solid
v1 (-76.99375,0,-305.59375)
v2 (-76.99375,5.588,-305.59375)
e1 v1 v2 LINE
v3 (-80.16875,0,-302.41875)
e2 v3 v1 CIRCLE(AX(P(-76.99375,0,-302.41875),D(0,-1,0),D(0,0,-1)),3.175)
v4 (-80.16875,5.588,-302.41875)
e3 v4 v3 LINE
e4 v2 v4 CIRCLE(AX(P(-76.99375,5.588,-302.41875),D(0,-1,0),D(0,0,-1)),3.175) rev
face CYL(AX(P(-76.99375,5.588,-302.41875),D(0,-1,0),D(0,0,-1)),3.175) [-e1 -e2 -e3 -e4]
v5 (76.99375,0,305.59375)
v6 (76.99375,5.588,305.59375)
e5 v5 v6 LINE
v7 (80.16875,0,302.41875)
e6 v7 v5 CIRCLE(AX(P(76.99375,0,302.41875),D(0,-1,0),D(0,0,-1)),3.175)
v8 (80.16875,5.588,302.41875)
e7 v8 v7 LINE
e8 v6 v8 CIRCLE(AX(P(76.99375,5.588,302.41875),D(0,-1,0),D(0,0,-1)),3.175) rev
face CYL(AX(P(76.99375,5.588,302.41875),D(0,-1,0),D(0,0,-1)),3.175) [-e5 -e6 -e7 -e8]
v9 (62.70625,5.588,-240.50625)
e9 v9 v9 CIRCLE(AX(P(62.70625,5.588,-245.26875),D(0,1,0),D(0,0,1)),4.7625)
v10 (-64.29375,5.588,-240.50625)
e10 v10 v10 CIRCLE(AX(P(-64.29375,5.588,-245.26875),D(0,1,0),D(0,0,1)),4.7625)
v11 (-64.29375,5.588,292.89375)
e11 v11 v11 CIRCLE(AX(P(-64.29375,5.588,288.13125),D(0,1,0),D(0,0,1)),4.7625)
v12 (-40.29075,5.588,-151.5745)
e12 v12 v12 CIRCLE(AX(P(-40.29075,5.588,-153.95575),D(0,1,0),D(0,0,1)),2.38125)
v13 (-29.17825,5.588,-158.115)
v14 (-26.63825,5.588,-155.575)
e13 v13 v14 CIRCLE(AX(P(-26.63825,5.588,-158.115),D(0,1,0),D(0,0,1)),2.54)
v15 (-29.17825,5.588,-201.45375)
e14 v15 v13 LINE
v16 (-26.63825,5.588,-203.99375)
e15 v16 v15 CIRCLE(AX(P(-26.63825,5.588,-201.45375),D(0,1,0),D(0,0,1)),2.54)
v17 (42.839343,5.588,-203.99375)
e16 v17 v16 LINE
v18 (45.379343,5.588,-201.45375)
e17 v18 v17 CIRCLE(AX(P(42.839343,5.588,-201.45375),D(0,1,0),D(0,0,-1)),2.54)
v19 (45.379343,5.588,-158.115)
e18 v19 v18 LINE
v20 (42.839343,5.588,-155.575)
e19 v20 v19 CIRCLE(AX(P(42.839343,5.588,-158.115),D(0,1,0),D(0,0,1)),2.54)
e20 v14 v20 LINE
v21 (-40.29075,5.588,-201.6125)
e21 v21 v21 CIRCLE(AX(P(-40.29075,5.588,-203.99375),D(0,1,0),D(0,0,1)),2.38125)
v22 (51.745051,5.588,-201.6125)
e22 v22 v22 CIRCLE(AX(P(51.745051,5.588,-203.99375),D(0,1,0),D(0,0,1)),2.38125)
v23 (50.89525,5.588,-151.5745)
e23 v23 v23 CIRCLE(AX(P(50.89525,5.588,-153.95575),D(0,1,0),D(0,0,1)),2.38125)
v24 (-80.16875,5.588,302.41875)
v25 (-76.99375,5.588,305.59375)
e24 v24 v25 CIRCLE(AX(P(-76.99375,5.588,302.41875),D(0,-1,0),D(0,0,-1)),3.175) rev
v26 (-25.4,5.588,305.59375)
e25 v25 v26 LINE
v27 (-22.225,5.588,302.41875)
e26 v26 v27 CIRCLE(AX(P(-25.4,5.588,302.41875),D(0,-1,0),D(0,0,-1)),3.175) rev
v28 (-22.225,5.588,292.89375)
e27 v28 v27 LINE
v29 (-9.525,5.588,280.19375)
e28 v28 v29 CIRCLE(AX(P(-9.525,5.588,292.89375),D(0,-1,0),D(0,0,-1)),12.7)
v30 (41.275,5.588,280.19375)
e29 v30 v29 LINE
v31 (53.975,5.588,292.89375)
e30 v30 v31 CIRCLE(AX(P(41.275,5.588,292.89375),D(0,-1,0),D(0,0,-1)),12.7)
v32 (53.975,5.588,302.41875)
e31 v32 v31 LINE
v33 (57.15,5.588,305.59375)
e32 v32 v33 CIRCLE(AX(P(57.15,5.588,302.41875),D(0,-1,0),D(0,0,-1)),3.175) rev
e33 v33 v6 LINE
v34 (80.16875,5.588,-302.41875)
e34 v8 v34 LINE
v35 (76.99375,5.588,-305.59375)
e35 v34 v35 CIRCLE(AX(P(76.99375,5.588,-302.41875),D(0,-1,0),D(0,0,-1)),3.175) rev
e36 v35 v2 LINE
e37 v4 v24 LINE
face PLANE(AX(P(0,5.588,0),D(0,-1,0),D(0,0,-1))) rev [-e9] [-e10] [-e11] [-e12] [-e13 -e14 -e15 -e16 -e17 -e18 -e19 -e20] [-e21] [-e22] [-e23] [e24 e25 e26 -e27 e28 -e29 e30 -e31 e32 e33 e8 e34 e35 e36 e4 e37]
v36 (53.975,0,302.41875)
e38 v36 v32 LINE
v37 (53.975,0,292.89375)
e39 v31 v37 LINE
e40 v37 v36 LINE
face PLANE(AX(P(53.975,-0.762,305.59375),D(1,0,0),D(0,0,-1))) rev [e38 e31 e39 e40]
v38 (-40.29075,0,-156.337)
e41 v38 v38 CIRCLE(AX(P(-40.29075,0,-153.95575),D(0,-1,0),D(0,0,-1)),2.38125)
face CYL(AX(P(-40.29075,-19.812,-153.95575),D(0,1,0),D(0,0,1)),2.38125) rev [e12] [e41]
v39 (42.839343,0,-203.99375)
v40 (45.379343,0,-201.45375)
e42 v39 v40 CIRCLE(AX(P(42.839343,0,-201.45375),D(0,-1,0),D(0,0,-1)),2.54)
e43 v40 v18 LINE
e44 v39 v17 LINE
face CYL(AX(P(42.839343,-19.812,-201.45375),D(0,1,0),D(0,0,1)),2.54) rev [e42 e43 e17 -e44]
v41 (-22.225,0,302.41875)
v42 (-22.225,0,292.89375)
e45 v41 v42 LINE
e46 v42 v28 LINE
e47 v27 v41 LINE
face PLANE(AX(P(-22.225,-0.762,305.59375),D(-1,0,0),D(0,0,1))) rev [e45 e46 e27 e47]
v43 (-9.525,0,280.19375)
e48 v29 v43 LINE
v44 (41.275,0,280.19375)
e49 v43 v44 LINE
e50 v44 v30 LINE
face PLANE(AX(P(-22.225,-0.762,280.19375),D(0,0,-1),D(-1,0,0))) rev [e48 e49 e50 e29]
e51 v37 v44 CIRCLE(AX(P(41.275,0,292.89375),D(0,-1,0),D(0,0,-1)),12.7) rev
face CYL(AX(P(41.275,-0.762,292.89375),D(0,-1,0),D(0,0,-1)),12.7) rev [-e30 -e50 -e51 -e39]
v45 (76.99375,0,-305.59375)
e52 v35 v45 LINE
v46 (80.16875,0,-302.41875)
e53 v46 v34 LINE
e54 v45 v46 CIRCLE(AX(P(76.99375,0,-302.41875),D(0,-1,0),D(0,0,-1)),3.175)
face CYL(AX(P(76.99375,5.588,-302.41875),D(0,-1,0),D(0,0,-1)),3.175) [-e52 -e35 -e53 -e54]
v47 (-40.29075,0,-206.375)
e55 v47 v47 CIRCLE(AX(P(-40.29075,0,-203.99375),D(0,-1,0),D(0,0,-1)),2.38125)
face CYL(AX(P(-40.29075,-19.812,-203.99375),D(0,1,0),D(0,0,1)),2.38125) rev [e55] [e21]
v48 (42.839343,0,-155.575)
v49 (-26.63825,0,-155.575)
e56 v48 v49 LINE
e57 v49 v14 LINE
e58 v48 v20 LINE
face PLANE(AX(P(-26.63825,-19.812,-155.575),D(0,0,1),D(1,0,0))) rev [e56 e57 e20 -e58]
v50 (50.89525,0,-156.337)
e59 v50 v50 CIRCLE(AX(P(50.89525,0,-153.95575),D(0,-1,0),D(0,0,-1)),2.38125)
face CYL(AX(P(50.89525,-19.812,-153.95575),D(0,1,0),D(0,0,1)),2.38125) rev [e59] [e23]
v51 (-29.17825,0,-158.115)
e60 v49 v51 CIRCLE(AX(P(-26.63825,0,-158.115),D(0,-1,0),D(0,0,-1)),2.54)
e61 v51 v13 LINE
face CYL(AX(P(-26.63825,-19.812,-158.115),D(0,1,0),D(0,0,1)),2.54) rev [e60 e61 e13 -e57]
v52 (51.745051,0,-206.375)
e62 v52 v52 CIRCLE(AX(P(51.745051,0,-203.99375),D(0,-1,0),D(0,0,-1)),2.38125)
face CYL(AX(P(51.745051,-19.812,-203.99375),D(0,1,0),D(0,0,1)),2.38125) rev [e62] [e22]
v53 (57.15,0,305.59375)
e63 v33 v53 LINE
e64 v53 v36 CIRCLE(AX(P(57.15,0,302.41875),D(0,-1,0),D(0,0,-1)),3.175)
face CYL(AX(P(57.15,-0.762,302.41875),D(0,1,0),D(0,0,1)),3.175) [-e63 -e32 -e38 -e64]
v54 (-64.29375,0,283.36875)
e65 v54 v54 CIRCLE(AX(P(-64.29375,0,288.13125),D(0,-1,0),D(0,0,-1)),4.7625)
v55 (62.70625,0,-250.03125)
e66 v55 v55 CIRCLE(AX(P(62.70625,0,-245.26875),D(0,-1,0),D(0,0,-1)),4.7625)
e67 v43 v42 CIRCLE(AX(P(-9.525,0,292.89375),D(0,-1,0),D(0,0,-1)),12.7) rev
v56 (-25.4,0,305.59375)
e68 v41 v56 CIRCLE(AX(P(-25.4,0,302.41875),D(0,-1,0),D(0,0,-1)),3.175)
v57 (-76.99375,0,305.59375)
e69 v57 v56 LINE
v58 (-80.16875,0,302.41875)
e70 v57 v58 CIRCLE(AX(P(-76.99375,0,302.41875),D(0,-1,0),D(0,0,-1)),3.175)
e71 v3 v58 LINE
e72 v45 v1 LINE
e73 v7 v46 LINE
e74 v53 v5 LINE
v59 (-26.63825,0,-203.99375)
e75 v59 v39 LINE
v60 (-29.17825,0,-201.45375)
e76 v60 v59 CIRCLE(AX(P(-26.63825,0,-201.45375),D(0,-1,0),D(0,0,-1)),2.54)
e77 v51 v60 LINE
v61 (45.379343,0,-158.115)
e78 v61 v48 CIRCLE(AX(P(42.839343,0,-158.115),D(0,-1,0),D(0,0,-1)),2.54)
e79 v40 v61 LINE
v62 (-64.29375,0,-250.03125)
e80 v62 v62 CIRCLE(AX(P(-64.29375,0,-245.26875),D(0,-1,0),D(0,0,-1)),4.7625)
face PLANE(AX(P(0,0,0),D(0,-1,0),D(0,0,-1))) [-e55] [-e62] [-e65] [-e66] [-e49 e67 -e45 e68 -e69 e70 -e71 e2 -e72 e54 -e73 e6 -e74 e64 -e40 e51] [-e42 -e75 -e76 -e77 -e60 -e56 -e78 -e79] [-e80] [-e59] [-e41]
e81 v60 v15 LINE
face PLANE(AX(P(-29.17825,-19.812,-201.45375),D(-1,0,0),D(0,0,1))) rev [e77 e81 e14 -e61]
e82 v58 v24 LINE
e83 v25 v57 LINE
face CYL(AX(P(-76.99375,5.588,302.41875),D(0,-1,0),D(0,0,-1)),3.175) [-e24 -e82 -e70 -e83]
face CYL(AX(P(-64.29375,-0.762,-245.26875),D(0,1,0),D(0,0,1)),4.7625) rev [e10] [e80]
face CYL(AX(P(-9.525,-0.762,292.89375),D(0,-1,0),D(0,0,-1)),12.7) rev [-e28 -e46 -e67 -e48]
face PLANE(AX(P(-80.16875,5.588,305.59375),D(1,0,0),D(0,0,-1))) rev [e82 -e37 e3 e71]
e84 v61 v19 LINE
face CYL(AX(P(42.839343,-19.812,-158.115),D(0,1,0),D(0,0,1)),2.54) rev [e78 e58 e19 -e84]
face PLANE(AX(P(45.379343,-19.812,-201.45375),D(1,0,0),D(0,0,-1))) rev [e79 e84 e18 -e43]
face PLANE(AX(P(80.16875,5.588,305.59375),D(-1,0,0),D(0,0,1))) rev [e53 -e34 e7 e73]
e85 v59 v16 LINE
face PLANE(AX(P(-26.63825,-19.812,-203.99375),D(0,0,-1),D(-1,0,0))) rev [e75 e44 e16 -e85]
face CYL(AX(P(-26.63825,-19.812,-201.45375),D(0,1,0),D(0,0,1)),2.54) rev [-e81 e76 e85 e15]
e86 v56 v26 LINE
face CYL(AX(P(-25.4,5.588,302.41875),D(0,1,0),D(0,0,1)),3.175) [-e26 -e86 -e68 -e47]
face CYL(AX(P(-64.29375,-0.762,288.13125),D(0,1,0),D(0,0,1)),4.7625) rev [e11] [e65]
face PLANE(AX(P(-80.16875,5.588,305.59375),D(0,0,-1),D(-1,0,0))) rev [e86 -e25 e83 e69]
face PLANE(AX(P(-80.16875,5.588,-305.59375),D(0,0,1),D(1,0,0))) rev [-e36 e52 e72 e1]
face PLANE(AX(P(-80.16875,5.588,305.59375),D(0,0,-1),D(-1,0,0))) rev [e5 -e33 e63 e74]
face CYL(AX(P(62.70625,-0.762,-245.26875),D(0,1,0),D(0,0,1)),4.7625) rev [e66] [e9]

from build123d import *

# Parameters (mm, degrees)
SKETCH1_W           = 160.3375
SKETCH1_H           = 611.1875
BOSS_EXTRUDE1_DEPTH = 5.588
FILLET1_R           = 3.175
SKETCH2_R           = 4.7625
CUT_EXTRUDE1_DEPTH  = 6.35
SKETCH3_W           = 76.2
SKETCH3_H           = 25.4
CUT_EXTRUDE2_DEPTH  = 6.35
FILLET2_R           = 3.175
FILLET3_R           = 12.7
SKETCH4_R           = 2.38125
CUT_EXTRUDE3_DEPTH  = 25.4


with BuildPart() as part:
    # Sketch1 → Boss-Extrude1 (new body)
    with BuildSketch(Plane(origin=(0, 0, 0), x_dir=(1, 0, 0), z_dir=(0, 1, 0))):
        Rectangle(SKETCH1_W, SKETCH1_H)
    extrude(amount=BOSS_EXTRUDE1_DEPTH)

    # Fillet1
    fillet1_edges = [part.edges().sort_by_distance(p)[0] for p in [
        (80.16875, 2.794, 305.59375),
        (-80.16875, 2.794, 305.59375),
        (-80.16875, 2.794, -305.59375),
        (80.16875, 2.794, -305.59375),
    ]]
    fillet(fillet1_edges, radius=FILLET1_R)

    # Sketch2 → Cut-Extrude1 (cut)
    with BuildSketch(Plane(origin=(0, 5.588, 0), x_dir=(1, 0, 0), z_dir=(0, 1, 0))):
        with Locations(Location((62.70625, 245.26875, 0), (0, 0, 270))):
            Circle(SKETCH2_R)
        with Locations(Location((-64.29375, 245.26875, 0), (0, 0, 270))):
            Circle(SKETCH2_R)
        with Locations(Location((-64.29375, -288.13125, 0), (0, 0, 270))):
            Circle(SKETCH2_R)
    extrude(amount=-CUT_EXTRUDE1_DEPTH, mode=Mode.SUBTRACT)

    # Sketch3 → Cut-Extrude2 (cut)
    with BuildSketch(Plane(origin=(0, 5.588, 0), x_dir=(1, 0, 0), z_dir=(0, 1, 0))):
        with Locations((15.875, -292.89375)):
            Rectangle(SKETCH3_W, SKETCH3_H)
    extrude(amount=-CUT_EXTRUDE2_DEPTH, mode=Mode.SUBTRACT)

    # Fillet2
    fillet2_edges = [part.edges().sort_by_distance(p)[0] for p in [
        (-22.225, 2.794, 305.59375),
        (53.975, 2.794, 305.59375),
    ]]
    fillet(fillet2_edges, radius=FILLET2_R)

    # Fillet3
    fillet3_edges = [part.edges().sort_by_distance(p)[0] for p in [
        (-22.225, 2.794, 280.19375),
        (53.975, 2.794, 280.19375),
    ]]
    fillet(fillet3_edges, radius=FILLET3_R)

    # Sketch4 → Cut-Extrude3 (cut)
    with BuildSketch(Plane(origin=(0, 5.588, 0), x_dir=(1, 0, 0), z_dir=(0, 1, 0))):
        with Locations(Location((-40.29075, 203.99375, 0), (0, 0, 270))):
            Circle(SKETCH4_R)
        with Locations(Location((-40.29075, 153.95575, 0), (0, 0, 270))):
            Circle(SKETCH4_R)
        with Locations(Location((51.745051389, 203.99375, 0), (0, 0, 270))):
            Circle(SKETCH4_R)
        with Locations(Location((50.89525, 153.95575, 0), (0, 0, 270))):
            Circle(SKETCH4_R)
        with BuildLine():
            Line((-26.63825, 203.99375), (42.839342829, 203.99375))
            ThreePointArc((42.839342829, 203.99375), (44.635394053, 203.249801224), (45.379342829, 201.45375))
            Line((45.379342829, 201.45375), (45.379342829, 158.115))
            ThreePointArc((45.379342829, 158.115), (44.635394053, 156.318948776), (42.839342829, 155.575))
            Line((42.839342829, 155.575), (-26.63825, 155.575))
            ThreePointArc((-26.63825, 155.575), (-28.434301224, 156.318948776), (-29.17825, 158.115))
            Line((-29.17825, 158.115), (-29.17825, 201.45375))
            ThreePointArc((-29.17825, 201.45375), (-28.434301224, 203.249801224), (-26.63825, 203.99375))
        make_face()
    extrude(amount=-CUT_EXTRUDE3_DEPTH, mode=Mode.SUBTRACT)


solid = part.part
